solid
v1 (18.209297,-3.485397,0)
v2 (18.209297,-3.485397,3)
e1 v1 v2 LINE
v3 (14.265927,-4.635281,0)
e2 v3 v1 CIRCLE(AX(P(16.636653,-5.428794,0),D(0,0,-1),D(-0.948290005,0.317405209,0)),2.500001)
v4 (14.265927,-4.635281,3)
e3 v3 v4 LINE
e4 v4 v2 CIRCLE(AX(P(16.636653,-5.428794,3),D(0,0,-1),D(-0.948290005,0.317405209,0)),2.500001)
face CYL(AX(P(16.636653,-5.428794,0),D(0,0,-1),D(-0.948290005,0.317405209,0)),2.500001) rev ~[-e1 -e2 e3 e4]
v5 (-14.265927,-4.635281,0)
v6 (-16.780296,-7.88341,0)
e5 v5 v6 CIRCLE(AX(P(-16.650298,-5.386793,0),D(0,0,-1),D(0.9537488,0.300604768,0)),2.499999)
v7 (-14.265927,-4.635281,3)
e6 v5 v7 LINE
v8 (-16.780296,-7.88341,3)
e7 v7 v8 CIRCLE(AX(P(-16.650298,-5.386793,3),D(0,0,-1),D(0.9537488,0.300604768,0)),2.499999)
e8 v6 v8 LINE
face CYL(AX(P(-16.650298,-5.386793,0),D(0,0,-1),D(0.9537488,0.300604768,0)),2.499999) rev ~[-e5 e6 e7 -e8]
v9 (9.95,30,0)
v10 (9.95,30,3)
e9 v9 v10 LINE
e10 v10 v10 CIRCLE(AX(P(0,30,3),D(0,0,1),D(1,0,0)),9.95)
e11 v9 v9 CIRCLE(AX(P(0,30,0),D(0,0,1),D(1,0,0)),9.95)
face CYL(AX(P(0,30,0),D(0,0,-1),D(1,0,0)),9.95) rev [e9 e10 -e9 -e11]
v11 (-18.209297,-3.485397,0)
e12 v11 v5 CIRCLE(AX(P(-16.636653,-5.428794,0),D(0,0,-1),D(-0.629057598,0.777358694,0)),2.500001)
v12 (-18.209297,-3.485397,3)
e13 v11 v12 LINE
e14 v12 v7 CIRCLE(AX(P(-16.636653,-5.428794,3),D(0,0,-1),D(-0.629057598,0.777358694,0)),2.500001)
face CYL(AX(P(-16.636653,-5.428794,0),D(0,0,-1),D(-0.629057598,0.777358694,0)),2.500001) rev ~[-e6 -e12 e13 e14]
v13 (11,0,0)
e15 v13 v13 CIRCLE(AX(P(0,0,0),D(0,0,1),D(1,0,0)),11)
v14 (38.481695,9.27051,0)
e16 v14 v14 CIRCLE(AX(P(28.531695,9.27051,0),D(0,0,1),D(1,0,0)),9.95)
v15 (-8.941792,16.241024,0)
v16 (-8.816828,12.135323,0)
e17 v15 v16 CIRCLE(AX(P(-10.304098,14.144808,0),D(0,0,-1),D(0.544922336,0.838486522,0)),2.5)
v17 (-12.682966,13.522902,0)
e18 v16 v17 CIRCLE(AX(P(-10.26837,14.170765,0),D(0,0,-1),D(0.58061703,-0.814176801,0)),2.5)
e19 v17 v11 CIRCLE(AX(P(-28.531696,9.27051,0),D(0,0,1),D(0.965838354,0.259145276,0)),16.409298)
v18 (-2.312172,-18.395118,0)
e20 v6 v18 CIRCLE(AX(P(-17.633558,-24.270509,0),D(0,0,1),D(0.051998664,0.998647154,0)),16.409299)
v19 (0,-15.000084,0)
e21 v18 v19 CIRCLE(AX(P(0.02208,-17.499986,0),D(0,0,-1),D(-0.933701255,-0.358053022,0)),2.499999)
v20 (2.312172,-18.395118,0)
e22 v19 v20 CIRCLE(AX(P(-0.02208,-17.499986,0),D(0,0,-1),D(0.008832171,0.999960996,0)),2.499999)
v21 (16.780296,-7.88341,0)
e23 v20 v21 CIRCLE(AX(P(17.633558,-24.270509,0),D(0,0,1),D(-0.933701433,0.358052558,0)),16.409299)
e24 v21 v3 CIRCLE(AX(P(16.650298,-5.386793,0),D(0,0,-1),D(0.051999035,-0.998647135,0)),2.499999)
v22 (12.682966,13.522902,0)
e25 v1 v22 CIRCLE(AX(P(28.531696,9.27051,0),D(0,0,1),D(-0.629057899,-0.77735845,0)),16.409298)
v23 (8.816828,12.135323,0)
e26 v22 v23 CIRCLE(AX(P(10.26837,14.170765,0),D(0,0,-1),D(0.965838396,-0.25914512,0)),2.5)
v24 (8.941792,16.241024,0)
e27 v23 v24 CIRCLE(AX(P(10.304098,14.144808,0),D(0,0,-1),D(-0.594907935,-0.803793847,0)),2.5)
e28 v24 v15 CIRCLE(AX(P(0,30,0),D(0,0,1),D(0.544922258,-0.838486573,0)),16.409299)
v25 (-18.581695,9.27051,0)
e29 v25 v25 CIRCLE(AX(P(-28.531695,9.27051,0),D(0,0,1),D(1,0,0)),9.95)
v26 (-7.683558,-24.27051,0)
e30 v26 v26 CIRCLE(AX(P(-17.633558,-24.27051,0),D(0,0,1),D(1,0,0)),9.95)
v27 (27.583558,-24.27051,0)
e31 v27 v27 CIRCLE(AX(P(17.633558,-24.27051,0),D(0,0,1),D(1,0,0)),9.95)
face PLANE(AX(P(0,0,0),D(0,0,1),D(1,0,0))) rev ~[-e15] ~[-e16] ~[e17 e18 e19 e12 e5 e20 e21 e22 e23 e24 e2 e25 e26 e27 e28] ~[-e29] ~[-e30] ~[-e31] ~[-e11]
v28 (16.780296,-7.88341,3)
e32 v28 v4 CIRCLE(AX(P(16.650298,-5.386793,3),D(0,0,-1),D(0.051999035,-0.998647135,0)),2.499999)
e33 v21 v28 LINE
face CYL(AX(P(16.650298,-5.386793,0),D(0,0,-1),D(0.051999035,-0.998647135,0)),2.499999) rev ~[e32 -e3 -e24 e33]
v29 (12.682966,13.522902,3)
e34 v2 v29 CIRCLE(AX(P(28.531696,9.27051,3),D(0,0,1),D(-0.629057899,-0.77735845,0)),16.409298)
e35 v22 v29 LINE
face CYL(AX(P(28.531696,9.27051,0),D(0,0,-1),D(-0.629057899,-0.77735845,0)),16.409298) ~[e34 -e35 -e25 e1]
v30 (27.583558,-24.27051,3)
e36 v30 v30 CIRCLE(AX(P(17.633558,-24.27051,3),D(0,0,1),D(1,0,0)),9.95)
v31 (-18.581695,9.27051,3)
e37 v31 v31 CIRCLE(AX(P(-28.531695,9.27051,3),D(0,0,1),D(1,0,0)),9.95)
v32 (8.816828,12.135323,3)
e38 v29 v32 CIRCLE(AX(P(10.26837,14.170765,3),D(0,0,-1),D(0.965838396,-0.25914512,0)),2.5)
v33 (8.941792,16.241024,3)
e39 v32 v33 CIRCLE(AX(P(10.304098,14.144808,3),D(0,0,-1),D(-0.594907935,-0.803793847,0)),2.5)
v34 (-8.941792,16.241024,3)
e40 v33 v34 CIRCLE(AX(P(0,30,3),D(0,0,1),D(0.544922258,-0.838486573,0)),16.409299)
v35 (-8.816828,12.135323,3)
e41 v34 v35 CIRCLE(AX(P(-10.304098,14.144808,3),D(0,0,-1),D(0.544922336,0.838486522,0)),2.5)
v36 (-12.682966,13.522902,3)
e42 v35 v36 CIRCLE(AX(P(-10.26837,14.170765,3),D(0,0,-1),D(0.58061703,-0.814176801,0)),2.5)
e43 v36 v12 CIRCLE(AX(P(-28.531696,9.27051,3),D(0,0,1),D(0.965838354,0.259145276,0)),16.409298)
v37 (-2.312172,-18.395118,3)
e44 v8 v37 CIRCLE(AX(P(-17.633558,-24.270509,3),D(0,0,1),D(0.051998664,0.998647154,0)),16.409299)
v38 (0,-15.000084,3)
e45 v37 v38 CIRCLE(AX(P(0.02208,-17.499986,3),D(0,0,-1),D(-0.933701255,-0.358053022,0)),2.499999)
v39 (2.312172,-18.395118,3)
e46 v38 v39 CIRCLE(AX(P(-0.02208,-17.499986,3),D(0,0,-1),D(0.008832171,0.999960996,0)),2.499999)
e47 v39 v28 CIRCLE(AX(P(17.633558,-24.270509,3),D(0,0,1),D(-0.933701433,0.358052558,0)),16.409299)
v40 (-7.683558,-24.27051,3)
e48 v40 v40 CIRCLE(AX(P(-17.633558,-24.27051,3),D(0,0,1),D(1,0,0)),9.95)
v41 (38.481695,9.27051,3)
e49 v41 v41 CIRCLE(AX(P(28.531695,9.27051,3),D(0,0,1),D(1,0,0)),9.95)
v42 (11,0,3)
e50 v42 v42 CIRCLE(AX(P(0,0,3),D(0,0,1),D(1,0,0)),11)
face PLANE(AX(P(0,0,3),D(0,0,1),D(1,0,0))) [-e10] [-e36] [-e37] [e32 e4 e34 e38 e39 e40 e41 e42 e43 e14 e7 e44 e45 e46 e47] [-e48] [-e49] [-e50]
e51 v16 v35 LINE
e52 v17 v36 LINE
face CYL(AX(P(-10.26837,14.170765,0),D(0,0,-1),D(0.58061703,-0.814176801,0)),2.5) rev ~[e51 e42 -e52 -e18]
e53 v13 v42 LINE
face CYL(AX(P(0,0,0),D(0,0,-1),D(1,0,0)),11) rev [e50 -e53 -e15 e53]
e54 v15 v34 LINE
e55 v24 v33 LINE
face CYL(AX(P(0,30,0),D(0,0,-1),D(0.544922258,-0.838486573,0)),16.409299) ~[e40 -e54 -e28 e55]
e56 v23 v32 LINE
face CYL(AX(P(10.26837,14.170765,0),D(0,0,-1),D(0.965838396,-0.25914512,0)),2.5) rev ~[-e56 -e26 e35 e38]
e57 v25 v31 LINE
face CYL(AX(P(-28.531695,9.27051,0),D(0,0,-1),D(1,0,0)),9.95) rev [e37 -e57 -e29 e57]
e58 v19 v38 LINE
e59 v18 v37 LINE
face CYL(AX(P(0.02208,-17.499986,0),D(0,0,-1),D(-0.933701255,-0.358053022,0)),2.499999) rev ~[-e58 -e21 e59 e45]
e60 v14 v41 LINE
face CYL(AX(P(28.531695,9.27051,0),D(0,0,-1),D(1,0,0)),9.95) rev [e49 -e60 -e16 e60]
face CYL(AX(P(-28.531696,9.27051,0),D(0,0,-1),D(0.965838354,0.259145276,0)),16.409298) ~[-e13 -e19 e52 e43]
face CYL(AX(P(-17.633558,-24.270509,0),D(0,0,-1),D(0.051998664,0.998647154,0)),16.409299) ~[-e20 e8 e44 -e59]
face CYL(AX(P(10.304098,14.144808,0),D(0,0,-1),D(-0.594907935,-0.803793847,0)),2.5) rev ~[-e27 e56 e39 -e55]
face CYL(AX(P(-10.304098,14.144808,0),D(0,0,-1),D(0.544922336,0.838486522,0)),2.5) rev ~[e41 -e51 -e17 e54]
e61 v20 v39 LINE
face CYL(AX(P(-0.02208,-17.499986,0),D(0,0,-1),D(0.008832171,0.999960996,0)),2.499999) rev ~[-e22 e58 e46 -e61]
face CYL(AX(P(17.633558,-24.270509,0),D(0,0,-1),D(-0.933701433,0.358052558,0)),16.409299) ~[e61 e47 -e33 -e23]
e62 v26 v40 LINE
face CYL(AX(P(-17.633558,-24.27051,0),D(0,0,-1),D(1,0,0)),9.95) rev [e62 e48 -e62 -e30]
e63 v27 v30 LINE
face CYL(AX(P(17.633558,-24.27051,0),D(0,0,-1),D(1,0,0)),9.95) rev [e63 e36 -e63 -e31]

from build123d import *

# Parameters (mm, degrees)
F0_R     = 9.95
F0_R_2   = 11
F1_DEPTH = 3


with BuildPart() as f1:
    # F0 (on Top) → F1 (new body)
    with BuildSketch(Plane.XY):
        with BuildLine():
            ThreePointArc((8.816828, 12.135323), (7.805255, 14.220864), (8.941792, 16.241024))
            ThreePointArc((8.941792, 16.241024), (0, 46.409299), (-8.941792, 16.241024))
            ThreePointArc((-8.941792, 16.241024), (-7.805255, 14.220864), (-8.816828, 12.135323))
            ThreePointArc((-8.816828, 12.135323), (-11.112889, 11.817727), (-12.682966, 13.522902))
            ThreePointArc((-12.682966, 13.522902), (-44.137866, 14.341262), (-18.209297, -3.485397))
            ThreePointArc((-18.209297, -3.485397), (-15.936802, -3.02875), (-14.265927, -4.635281))
            ThreePointArc((-14.265927, -4.635281), (-14.673398, -6.917107), (-16.780296, -7.88341))
            ThreePointArc((-16.780296, -7.88341), (-27.278701, -37.545911), (-2.312172, -18.395118))
            ThreePointArc((-2.312172, -18.395118), (-2.04423, -16.092734), (0, -15.000084))
            ThreePointArc((0, -15.000084), (2.04423, -16.092734), (2.312172, -18.395118))
            ThreePointArc((2.312172, -18.395118), (27.278701, -37.545911), (16.780296, -7.88341))
            ThreePointArc((16.780296, -7.88341), (14.673398, -6.917107), (14.265927, -4.635281))
            ThreePointArc((14.265927, -4.635281), (15.936802, -3.02875), (18.209297, -3.485397))
            ThreePointArc((18.209297, -3.485397), (44.137866, 14.341262), (12.682966, 13.522902))
            ThreePointArc((12.682966, 13.522902), (11.112889, 11.817727), (8.816828, 12.135323))
        make_face()
        with Locations((-17.633558, -24.27051)):
            Circle(F0_R, mode=Mode.SUBTRACT)
        with Locations((17.633558, -24.27051)):
            Circle(F0_R, mode=Mode.SUBTRACT)
        Circle(F0_R_2, mode=Mode.SUBTRACT)
        with Locations((-28.531695, 9.27051)):
            Circle(F0_R, mode=Mode.SUBTRACT)
        with Locations((28.531695, 9.27051)):
            Circle(F0_R, mode=Mode.SUBTRACT)
        with Locations((0, 30)):
            Circle(F0_R, mode=Mode.SUBTRACT)
    extrude(amount=F1_DEPTH)


solid = f1.part
